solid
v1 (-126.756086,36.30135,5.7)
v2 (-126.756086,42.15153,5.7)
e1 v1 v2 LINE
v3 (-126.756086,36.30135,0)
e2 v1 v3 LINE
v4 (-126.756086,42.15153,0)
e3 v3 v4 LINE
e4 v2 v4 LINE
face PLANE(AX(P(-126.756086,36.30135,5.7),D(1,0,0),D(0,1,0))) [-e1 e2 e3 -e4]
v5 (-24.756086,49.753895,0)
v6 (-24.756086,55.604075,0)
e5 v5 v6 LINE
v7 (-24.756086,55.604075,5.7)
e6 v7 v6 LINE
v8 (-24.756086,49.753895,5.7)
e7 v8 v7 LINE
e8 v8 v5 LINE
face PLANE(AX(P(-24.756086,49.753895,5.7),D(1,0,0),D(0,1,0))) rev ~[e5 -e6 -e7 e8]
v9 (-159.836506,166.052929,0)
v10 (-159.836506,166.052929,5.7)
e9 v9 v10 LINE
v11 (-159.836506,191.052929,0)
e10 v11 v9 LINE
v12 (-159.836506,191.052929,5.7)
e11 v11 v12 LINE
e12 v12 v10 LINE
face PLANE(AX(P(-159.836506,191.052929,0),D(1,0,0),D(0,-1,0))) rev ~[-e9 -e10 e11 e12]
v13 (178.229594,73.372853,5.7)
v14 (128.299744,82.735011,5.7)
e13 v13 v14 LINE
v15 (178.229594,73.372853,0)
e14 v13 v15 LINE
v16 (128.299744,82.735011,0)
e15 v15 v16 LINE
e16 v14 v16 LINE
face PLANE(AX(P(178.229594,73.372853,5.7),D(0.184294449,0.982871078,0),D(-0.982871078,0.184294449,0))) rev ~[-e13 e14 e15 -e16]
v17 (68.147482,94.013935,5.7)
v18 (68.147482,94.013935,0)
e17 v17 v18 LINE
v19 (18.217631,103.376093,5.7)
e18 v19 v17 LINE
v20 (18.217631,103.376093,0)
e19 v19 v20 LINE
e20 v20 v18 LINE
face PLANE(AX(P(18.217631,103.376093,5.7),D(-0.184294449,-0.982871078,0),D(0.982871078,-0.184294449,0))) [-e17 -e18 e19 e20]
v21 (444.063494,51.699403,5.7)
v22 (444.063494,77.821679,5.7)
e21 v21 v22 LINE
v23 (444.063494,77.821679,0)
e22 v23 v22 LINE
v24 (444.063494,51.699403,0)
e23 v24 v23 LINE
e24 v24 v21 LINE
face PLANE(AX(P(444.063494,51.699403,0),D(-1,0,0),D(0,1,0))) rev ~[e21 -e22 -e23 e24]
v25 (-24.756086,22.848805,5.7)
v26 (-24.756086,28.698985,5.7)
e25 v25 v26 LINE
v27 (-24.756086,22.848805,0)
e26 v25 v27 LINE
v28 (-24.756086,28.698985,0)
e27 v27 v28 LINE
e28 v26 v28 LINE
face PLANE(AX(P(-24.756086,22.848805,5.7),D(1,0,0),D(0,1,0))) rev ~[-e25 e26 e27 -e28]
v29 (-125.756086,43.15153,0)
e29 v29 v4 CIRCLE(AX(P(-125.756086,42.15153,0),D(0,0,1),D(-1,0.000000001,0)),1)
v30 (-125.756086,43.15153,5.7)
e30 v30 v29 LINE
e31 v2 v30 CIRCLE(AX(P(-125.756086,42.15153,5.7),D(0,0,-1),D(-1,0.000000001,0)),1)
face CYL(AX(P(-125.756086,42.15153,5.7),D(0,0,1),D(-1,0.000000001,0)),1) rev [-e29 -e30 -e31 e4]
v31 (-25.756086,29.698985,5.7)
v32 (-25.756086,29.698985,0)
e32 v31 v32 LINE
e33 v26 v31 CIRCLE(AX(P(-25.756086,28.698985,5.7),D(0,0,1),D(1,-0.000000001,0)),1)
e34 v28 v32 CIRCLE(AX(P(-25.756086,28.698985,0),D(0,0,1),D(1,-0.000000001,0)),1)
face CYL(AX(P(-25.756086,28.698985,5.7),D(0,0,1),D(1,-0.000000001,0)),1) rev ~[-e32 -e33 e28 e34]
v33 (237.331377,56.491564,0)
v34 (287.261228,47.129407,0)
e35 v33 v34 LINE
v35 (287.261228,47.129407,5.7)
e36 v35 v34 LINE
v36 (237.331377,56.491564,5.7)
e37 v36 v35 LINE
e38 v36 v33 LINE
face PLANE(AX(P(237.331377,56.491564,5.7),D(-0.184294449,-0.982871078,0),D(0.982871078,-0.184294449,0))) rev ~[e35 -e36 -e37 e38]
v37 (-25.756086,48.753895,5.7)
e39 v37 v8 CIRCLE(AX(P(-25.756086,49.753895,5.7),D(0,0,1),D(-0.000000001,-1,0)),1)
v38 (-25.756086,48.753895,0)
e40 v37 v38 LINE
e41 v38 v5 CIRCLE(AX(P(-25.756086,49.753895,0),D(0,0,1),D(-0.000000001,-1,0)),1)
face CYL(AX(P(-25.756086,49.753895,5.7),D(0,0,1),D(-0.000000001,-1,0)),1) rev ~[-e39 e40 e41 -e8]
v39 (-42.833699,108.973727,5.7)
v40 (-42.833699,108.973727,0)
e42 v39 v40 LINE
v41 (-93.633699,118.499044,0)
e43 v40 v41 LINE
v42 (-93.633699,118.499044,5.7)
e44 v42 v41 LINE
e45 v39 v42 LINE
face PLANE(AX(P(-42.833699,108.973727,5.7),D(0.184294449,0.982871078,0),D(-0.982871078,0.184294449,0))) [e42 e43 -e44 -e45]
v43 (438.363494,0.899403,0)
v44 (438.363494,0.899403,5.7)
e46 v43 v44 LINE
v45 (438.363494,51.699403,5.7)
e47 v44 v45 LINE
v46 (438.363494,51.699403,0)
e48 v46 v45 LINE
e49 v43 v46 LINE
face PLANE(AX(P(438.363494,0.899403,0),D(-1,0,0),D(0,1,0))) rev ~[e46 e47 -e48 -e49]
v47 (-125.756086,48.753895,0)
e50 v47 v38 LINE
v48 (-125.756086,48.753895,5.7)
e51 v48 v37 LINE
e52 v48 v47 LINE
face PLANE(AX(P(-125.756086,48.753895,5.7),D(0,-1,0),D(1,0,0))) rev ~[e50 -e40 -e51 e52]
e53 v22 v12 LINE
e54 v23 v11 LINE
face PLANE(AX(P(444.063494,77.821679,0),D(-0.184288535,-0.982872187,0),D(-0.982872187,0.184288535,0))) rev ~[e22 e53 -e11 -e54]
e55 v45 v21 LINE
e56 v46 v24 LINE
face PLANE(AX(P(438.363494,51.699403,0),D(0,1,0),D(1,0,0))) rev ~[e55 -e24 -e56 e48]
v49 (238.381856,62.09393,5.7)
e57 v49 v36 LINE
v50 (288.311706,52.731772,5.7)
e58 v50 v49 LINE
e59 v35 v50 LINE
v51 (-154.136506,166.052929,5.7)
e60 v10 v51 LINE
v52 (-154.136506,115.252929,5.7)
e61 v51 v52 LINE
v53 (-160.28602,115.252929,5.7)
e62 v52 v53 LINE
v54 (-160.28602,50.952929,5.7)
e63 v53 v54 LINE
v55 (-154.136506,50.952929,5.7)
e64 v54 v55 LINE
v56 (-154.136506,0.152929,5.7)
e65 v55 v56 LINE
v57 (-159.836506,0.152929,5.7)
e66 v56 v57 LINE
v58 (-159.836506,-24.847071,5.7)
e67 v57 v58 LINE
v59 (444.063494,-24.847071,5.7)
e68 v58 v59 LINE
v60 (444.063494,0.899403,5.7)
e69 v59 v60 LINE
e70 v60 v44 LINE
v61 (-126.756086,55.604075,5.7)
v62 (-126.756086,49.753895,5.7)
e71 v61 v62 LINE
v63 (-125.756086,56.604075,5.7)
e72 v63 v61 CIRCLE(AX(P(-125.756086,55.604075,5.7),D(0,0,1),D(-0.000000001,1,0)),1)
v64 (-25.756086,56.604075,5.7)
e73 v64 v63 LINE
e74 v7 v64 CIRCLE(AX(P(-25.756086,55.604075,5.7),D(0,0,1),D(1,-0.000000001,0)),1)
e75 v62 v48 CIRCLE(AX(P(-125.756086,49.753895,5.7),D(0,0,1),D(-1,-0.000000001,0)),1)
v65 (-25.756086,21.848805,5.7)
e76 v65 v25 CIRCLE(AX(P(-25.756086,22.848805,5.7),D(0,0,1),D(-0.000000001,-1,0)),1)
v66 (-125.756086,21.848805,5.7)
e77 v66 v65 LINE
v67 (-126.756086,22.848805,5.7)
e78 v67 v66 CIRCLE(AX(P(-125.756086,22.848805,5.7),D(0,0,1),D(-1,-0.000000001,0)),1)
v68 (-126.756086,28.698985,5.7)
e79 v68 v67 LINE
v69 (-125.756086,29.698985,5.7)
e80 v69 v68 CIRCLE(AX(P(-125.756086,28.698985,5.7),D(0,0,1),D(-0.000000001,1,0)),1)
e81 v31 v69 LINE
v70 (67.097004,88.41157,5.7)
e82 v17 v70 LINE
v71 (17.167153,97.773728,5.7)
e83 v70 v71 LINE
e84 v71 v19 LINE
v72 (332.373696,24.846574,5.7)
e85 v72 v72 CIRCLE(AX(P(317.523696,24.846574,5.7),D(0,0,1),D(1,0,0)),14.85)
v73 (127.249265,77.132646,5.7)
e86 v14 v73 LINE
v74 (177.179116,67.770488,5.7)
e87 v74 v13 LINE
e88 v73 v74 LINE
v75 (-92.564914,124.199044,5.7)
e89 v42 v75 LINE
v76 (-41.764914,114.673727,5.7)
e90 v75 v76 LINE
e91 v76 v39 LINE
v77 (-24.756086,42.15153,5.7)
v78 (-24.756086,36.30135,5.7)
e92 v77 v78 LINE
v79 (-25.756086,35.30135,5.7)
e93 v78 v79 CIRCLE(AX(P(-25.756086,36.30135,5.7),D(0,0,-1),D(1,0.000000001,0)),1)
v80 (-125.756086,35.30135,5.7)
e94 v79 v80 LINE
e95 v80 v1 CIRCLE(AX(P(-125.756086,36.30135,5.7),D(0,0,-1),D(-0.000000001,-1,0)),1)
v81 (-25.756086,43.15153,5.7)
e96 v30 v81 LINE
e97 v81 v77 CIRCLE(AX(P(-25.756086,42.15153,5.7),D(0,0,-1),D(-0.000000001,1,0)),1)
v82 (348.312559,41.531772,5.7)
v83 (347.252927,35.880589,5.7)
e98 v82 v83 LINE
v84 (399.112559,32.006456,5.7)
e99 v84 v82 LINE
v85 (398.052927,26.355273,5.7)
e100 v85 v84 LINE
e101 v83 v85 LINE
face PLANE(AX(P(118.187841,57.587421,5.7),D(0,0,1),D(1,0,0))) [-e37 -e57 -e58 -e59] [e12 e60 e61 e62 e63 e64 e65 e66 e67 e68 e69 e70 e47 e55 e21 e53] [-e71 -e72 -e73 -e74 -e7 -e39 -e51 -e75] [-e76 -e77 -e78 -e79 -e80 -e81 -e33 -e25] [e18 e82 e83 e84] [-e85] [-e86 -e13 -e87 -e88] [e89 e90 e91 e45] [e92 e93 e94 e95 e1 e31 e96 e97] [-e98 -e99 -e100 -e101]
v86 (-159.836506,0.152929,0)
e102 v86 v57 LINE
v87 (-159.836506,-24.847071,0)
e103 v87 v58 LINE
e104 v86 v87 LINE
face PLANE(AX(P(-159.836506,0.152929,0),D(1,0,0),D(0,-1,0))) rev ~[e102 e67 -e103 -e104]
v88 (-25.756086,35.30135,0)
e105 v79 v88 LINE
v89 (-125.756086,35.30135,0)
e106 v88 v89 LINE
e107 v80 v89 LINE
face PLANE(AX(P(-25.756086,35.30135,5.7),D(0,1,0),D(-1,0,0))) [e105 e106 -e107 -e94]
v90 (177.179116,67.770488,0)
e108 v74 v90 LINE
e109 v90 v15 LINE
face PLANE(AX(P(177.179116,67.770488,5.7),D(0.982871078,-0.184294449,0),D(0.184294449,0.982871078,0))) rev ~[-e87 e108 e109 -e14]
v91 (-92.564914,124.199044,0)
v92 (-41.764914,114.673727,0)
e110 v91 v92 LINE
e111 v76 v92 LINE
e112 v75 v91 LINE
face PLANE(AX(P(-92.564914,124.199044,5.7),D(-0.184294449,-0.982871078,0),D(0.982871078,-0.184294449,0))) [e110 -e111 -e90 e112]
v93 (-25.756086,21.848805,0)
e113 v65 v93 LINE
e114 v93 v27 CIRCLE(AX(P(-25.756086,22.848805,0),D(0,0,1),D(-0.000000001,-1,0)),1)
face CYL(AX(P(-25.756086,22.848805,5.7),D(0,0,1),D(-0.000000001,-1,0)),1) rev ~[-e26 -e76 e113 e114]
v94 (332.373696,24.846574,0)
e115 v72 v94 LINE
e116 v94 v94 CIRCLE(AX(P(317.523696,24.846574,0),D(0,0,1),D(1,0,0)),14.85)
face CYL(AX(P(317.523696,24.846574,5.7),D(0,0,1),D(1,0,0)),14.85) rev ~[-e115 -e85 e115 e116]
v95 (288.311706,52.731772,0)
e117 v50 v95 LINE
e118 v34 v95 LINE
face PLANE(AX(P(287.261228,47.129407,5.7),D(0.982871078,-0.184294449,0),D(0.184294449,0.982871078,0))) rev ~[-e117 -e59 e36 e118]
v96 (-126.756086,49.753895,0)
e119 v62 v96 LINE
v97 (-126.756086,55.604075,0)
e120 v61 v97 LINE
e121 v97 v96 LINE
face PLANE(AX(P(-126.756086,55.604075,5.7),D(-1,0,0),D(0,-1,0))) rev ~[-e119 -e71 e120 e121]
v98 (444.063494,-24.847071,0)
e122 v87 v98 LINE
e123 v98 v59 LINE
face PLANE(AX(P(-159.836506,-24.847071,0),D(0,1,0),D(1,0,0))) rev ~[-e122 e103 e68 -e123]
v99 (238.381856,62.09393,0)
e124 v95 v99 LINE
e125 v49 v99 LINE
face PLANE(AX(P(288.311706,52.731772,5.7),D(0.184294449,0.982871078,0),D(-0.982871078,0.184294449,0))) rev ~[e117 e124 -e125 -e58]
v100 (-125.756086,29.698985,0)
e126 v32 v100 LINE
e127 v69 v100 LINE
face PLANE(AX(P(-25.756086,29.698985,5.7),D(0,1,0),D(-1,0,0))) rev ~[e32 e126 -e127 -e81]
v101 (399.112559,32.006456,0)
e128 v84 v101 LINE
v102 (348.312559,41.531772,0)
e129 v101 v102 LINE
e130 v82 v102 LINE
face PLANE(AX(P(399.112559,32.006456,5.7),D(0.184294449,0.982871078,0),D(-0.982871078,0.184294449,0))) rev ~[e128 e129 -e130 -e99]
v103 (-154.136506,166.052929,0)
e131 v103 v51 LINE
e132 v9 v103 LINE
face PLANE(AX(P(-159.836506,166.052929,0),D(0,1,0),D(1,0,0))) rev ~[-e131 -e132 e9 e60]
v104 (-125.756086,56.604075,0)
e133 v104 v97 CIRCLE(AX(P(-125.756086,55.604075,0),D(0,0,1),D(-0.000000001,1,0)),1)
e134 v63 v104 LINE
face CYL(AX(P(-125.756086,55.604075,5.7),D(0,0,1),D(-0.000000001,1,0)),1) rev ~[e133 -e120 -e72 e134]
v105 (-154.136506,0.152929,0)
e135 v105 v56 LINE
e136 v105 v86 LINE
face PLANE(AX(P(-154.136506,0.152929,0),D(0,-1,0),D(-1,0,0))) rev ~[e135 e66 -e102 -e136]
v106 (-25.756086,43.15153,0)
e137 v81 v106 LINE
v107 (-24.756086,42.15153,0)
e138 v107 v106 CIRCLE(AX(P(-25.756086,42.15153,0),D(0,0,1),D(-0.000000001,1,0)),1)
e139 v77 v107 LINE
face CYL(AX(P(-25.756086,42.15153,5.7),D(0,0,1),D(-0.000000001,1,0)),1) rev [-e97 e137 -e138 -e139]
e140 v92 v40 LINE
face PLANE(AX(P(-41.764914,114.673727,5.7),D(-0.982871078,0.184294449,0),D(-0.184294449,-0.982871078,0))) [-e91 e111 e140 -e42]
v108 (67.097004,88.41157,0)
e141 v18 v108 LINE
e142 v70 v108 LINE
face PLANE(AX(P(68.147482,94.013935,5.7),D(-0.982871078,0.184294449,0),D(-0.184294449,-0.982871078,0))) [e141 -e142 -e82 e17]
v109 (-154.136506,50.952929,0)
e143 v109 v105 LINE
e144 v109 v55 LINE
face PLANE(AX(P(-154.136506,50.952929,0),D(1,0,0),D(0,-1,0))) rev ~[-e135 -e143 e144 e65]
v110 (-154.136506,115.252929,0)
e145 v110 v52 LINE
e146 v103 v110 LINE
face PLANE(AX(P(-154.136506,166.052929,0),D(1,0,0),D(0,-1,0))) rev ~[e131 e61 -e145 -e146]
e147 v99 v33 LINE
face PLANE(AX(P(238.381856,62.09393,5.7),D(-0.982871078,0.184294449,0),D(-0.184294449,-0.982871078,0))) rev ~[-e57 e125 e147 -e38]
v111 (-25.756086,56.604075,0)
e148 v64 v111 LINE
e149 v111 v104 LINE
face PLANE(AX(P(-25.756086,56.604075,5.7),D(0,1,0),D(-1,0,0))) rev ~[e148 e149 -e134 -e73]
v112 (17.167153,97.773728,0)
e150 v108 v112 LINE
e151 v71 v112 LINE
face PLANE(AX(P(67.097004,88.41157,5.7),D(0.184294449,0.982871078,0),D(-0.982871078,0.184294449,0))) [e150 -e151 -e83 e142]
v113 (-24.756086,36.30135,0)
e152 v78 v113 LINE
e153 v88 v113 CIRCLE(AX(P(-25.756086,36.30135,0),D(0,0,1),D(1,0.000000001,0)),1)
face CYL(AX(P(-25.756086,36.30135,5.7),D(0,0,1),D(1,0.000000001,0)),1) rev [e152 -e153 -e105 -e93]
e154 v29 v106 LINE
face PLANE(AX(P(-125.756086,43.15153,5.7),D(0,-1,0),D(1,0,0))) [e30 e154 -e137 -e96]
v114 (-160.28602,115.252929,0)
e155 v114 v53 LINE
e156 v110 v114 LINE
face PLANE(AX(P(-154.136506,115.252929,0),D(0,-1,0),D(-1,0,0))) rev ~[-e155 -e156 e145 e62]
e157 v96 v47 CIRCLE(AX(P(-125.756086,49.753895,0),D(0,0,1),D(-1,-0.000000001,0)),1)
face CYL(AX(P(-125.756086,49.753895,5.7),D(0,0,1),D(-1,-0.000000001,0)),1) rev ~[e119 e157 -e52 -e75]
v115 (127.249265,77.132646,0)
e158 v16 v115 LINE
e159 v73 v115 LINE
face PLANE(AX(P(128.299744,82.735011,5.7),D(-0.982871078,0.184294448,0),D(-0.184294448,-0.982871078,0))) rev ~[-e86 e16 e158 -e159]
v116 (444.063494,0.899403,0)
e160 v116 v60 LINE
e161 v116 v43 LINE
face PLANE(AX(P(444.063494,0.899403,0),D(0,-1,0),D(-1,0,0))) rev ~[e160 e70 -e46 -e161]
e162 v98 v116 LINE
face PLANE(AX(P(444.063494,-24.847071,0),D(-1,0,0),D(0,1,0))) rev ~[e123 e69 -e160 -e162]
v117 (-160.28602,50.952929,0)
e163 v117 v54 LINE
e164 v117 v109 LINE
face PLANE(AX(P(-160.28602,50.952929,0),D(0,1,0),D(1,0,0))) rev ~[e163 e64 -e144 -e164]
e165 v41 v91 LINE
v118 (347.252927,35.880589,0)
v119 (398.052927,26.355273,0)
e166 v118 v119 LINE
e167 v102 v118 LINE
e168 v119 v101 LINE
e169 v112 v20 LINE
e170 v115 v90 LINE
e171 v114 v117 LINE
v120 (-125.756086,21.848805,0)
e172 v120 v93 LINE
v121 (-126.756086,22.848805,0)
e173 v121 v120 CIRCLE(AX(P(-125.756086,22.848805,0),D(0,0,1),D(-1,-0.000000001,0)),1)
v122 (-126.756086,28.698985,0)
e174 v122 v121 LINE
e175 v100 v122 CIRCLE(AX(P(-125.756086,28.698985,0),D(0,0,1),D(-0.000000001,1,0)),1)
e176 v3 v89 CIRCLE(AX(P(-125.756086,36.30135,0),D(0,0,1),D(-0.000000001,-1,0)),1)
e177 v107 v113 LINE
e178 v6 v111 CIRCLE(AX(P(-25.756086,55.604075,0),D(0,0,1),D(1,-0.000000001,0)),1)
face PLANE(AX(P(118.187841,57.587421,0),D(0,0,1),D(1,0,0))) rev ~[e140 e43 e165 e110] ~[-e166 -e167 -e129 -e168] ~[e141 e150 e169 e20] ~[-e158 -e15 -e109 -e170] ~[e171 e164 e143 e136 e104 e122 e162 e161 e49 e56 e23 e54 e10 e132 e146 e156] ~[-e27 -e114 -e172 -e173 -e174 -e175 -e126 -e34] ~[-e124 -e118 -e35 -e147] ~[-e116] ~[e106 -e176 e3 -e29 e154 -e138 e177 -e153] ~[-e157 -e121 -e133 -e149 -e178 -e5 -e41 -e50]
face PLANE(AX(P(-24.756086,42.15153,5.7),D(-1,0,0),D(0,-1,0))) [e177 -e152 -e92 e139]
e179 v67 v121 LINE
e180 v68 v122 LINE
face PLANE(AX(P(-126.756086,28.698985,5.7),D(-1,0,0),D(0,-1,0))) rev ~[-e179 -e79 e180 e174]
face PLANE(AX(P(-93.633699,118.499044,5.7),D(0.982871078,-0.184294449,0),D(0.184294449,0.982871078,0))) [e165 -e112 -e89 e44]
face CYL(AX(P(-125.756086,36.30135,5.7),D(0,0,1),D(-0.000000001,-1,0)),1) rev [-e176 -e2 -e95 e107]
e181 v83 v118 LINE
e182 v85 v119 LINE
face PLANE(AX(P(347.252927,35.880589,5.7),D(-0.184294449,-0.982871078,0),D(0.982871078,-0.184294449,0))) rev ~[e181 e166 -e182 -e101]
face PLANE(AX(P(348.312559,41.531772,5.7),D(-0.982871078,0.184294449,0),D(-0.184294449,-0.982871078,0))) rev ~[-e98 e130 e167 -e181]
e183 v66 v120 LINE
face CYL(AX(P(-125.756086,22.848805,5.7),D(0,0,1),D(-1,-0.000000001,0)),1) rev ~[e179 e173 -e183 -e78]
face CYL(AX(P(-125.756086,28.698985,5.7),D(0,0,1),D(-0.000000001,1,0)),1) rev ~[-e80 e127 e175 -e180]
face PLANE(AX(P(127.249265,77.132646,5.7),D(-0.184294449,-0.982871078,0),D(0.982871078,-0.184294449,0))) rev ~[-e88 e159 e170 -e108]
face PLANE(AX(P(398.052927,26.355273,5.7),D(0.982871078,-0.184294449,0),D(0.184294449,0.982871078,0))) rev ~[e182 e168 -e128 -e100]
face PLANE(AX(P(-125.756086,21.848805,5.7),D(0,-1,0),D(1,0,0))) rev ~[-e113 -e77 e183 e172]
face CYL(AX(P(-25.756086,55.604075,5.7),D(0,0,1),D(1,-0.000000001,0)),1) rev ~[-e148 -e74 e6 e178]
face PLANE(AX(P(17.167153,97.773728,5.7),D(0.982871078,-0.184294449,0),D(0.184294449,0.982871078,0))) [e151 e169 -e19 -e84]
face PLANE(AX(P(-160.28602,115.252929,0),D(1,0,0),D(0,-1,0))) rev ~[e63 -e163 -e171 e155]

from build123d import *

# Parameters (mm, degrees)
BOSS_EXTRUDE1_DEPTH = 5.7
SKETCH2_R           = 14.85
CUT_EXTRUDE1_DEPTH  = 6.7


with BuildPart() as part:
    # Sketch1 → Boss-Extrude1 (new body)
    with BuildSketch(Plane.XY):
        Polygon((-159.83650641, 166.052929421), (-154.13650641, 166.052929421), (-154.13650641, 115.252929421), (-160.286019508, 115.252929421), (-160.286019508, 50.952929421), (-154.13650641, 50.952929421), (-154.13650641, 0.152929421), (-159.83650641, 0.152929421), (-159.83650641, -24.847070579), (444.06349359, -24.847070579), (444.06349359, 0.899402865), (438.36349359, 0.899402865), (438.36349359, 51.699402865), (444.06349359, 51.699402865), (444.06349359, 77.821679421), (-159.83650641, 191.052929421), align=None)
    extrude(amount=BOSS_EXTRUDE1_DEPTH)

    # Sketch2 → Cut-Extrude1 (cut, through all)
    with BuildSketch(Plane.XY.offset(5.7)):
        with Locations((317.523696403, 24.846574105)):
            Circle(SKETCH2_R)
        Polygon((287.261228118, 47.129406511), (288.311706475, 52.731771656), (238.381855706, 62.093929643), (237.331377349, 56.491564498), align=None)
        Polygon((177.179115935, 67.770488147), (178.229594292, 73.372853292), (128.299743522, 82.735011279), (127.249265166, 77.132646134), align=None)
        Polygon((-92.56491366, 124.199043845), (-41.76491366, 114.673727458), (-42.83369916, 108.973727458), (-93.63369916, 118.499043845), align=None)
        Polygon((18.217631339, 103.376092915), (68.147482108, 94.013934928), (67.097003751, 88.411569783), (17.167152982, 97.77372777), align=None)
        with BuildLine():
            Line((-24.756085794, 42.151529897), (-24.756085794, 36.301350189))
            ThreePointArc((-24.756085794, 36.301350189), (-25.048979012, 35.594243408), (-25.756085794, 35.301350189))
            Line((-25.756085794, 35.301350189), (-125.756085794, 35.301350189))
            ThreePointArc((-125.756085794, 35.301350189), (-126.463192575, 35.594243408), (-126.756085794, 36.301350189))
            Line((-126.756085794, 36.301350189), (-126.756085794, 42.151529897))
            ThreePointArc((-126.756085794, 42.151529897), (-126.463192575, 42.858636678), (-125.756085794, 43.151529897))
            Line((-125.756085794, 43.151529897), (-25.756085794, 43.151529897))
            ThreePointArc((-25.756085794, 43.151529897), (-25.048979012, 42.858636678), (-24.756085794, 42.151529897))
        make_face()
        Polygon((348.312558617, 41.531771968), (347.252926688, 35.880589395), (398.052926688, 26.355273008), (399.112558617, 32.006455581), align=None)
        with BuildLine():
            Line((-25.756085794, 56.60407475), (-125.756085794, 56.60407475))
            ThreePointArc((-125.756085794, 56.60407475), (-126.463192575, 56.311181531), (-126.756085794, 55.60407475))
            Line((-126.756085794, 55.60407475), (-126.756085794, 49.753895042))
            ThreePointArc((-126.756085794, 49.753895042), (-126.463192575, 49.046788261), (-125.756085794, 48.753895042))
            Line((-125.756085794, 48.753895042), (-25.756085794, 48.753895042))
            ThreePointArc((-25.756085794, 48.753895042), (-25.048979012, 49.046788261), (-24.756085794, 49.753895042))
            Line((-24.756085794, 49.753895042), (-24.756085794, 55.60407475))
            ThreePointArc((-24.756085794, 55.60407475), (-25.048979012, 56.311181531), (-25.756085794, 56.60407475))
        make_face()
        with BuildLine():
            Line((-25.756085794, 29.698985049), (-125.756085794, 29.698985049))
            ThreePointArc((-125.756085794, 29.698985049), (-126.463192575, 29.40609183), (-126.756085794, 28.698985049))
            Line((-126.756085794, 28.698985049), (-126.756085794, 22.848805341))
            ThreePointArc((-126.756085794, 22.848805341), (-126.463192575, 22.14169856), (-125.756085794, 21.848805341))
            Line((-125.756085794, 21.848805341), (-25.756085794, 21.848805341))
            ThreePointArc((-25.756085794, 21.848805341), (-25.048979012, 22.14169856), (-24.756085794, 22.848805341))
            Line((-24.756085794, 22.848805341), (-24.756085794, 28.698985049))
            ThreePointArc((-24.756085794, 28.698985049), (-25.048979012, 29.40609183), (-25.756085794, 29.698985049))
        make_face()
    extrude(amount=-CUT_EXTRUDE1_DEPTH, mode=Mode.SUBTRACT)


solid = part.part
